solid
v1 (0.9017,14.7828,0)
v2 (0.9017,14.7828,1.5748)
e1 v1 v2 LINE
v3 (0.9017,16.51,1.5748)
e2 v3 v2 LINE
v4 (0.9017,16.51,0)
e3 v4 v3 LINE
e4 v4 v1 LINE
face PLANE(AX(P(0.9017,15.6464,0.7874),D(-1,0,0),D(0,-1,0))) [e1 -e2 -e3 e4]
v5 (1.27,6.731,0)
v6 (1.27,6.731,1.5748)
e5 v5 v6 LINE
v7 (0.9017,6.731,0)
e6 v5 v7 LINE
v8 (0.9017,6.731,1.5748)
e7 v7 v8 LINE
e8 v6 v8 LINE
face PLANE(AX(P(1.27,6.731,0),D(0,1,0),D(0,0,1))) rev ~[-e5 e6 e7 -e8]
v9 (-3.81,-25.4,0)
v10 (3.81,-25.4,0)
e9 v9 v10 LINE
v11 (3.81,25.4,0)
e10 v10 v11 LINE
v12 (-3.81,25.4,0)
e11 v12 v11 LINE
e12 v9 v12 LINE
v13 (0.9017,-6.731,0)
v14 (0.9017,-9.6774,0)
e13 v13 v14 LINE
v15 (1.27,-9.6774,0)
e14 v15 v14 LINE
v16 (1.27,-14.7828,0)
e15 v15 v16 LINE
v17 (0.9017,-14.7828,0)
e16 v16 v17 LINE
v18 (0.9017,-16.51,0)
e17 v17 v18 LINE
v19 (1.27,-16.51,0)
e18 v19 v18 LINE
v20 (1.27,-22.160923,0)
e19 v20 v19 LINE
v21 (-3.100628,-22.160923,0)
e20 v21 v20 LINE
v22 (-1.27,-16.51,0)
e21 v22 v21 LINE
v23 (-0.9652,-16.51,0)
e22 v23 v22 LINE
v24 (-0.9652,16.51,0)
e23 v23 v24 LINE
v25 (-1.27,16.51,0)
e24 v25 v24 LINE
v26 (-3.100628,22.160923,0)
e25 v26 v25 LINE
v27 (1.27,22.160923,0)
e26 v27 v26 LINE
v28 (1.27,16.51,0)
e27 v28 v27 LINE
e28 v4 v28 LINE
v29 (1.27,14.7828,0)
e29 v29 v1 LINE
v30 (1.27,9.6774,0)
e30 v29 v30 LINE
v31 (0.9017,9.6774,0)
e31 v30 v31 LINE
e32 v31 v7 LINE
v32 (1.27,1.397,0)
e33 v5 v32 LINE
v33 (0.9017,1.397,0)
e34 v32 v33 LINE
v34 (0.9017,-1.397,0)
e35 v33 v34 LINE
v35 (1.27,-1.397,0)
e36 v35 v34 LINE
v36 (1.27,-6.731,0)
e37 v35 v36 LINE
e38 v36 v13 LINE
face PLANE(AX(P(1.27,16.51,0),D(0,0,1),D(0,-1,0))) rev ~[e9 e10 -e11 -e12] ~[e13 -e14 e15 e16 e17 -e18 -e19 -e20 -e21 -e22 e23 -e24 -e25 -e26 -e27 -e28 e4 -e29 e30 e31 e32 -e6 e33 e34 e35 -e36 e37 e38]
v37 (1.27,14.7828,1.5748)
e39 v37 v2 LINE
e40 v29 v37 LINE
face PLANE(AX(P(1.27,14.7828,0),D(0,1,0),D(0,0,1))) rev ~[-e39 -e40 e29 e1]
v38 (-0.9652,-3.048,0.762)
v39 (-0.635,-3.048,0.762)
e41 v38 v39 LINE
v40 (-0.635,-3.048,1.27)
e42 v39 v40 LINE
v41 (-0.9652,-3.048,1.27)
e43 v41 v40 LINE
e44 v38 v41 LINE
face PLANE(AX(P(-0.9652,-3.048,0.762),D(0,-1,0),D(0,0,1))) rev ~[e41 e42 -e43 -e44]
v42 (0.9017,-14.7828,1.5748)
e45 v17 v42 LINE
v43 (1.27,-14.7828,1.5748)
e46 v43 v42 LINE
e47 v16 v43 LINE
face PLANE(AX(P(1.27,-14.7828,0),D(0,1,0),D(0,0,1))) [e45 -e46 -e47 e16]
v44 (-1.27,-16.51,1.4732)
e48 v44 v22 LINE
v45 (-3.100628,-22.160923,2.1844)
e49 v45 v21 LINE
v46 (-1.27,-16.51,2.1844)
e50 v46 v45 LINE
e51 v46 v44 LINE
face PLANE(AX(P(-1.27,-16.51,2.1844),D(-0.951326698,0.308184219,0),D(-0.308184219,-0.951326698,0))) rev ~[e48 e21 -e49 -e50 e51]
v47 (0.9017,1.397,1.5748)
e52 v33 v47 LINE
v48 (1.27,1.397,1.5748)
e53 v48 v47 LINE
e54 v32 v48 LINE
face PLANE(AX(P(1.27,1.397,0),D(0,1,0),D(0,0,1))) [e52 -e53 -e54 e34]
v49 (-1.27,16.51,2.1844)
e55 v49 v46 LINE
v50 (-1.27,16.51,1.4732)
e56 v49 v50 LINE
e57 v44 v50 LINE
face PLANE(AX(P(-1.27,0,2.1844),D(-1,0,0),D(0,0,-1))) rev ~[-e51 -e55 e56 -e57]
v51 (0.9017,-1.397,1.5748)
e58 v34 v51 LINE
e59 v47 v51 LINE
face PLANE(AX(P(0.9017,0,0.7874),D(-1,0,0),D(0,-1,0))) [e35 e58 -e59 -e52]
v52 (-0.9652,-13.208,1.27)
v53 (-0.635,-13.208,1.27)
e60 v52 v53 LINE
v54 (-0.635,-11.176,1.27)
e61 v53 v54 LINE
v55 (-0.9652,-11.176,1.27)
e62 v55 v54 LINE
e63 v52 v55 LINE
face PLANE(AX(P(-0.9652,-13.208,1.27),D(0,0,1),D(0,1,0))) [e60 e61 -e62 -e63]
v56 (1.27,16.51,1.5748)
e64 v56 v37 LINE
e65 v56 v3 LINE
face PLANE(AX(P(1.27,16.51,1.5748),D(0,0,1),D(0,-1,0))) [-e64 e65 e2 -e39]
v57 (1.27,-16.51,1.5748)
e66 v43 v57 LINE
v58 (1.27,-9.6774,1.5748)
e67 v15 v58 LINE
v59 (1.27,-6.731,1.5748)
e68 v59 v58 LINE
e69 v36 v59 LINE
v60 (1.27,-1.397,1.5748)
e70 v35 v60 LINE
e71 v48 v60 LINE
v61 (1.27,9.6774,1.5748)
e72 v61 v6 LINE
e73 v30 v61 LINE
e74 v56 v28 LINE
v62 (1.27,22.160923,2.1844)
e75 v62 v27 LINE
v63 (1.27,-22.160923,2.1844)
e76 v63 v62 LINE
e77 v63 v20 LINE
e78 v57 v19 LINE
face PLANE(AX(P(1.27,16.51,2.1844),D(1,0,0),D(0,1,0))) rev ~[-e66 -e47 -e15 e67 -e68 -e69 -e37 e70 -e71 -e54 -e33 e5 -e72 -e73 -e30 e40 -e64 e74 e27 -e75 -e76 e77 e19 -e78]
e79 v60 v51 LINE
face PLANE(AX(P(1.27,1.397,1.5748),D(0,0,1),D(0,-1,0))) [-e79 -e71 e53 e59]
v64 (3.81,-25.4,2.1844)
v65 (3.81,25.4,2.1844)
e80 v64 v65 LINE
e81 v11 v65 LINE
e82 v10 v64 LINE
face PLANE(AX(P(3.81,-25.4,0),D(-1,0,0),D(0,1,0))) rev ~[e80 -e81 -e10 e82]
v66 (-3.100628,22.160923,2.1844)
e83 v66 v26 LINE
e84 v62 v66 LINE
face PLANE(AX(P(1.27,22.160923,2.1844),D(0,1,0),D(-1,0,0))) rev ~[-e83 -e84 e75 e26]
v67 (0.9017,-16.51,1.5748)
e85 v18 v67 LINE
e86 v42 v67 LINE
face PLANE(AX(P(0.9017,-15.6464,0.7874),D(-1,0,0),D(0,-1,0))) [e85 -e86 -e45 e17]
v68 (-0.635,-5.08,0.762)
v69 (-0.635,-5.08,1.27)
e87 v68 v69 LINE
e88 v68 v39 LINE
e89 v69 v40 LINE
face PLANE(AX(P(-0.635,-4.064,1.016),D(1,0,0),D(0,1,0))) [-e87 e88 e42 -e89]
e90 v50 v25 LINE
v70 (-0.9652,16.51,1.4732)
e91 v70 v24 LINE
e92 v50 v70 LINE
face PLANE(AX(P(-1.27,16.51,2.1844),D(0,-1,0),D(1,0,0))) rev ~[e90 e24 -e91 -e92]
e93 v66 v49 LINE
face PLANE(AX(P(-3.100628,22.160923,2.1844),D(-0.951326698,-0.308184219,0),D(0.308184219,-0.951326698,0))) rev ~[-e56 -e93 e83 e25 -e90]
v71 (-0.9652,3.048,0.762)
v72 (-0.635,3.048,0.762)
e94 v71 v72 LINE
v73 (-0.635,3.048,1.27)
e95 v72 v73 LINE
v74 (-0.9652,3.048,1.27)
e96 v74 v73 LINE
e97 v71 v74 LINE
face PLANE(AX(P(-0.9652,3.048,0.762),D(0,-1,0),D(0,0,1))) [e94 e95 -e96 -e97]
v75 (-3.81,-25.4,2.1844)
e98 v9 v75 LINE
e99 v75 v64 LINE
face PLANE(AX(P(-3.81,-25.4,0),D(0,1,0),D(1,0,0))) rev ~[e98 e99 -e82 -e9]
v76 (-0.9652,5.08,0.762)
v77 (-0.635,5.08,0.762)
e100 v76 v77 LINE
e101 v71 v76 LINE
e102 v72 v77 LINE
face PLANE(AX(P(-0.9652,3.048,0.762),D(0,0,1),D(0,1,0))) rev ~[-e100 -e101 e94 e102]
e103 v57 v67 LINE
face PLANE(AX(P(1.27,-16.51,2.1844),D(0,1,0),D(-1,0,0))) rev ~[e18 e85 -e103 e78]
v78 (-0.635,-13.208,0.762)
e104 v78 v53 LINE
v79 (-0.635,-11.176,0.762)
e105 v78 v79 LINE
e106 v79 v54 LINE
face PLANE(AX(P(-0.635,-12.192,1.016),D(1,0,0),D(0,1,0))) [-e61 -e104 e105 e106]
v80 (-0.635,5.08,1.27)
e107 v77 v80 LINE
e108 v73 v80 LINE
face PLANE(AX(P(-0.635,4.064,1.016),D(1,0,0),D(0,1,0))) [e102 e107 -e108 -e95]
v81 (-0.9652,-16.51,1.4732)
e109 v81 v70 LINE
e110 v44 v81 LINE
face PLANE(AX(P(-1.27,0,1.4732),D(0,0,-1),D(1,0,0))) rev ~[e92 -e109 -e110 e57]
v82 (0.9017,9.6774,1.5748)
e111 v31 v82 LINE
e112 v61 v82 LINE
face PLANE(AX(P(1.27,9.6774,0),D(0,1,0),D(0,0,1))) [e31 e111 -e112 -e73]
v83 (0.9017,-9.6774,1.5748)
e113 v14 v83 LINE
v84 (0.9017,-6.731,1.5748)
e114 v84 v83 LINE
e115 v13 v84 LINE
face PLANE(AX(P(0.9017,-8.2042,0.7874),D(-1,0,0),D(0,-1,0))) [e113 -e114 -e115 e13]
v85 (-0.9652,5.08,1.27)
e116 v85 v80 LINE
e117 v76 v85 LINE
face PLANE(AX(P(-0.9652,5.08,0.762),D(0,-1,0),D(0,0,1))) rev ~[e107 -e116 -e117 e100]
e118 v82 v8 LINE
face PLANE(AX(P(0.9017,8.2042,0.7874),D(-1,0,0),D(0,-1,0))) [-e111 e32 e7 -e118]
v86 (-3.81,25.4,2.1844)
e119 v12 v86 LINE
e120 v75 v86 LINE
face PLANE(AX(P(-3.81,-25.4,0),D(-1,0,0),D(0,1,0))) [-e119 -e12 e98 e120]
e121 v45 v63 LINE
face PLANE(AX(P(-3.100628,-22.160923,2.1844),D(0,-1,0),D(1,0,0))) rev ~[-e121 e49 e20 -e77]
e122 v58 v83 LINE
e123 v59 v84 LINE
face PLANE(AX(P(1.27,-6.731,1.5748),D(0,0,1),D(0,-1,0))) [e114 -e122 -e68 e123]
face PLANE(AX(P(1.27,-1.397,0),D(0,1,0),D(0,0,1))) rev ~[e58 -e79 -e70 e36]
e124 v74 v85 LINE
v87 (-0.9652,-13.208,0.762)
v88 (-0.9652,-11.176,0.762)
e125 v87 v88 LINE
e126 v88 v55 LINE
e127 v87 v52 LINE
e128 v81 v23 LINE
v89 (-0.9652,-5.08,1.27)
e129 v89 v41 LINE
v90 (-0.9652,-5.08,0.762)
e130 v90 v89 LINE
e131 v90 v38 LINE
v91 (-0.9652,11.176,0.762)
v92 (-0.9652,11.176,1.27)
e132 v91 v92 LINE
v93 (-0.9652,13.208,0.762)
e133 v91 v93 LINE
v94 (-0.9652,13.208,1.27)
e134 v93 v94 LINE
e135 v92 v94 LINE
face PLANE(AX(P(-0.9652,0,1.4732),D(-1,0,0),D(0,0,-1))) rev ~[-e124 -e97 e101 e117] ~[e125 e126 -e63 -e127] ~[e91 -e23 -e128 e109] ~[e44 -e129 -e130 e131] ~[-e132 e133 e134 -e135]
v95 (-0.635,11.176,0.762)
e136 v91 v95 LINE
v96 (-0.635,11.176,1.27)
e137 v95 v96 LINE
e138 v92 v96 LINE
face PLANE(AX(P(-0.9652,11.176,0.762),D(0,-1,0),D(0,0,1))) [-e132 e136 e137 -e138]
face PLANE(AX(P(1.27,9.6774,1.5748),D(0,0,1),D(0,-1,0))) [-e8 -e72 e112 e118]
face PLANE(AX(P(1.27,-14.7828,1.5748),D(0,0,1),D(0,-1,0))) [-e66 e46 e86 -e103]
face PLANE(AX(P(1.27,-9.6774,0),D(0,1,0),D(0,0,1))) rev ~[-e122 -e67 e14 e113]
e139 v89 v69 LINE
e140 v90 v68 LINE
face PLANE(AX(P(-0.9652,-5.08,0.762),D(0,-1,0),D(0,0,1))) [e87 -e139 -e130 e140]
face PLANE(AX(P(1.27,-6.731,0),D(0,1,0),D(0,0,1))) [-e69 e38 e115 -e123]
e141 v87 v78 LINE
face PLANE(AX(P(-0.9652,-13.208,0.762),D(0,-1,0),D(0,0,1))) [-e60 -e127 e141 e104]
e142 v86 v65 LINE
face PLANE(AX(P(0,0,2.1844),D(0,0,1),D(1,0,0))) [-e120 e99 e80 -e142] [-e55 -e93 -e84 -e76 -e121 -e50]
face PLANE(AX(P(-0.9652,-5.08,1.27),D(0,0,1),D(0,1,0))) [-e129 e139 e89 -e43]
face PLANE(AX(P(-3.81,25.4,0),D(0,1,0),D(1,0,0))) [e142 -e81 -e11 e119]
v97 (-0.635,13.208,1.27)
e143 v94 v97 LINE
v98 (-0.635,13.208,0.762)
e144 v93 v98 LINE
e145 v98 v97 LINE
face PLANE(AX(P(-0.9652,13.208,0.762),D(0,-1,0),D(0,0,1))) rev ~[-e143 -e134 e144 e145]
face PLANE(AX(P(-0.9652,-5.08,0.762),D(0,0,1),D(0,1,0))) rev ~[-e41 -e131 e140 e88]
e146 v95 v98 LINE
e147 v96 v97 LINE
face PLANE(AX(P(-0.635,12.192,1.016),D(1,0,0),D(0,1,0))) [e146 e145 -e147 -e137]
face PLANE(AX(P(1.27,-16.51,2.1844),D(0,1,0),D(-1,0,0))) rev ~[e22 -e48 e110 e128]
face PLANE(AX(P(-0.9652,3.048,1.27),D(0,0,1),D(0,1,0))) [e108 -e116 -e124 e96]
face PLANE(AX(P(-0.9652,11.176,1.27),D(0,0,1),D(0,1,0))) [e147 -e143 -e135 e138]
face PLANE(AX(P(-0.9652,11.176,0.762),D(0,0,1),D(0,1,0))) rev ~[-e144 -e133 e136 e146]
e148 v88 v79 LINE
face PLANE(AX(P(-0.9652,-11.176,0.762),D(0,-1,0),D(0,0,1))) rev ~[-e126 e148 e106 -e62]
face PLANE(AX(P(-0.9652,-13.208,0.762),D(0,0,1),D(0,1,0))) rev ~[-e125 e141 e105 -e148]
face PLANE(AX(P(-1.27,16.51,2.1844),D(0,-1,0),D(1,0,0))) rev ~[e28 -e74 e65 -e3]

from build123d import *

# Parameters (mm, degrees)
F0_W     = 7.62
F0_H     = 50.8
F1_DEPTH = 2.1844
F3_DEPTH = 16.51
F4_W     = 2.794
F4_H     = 1.5748
F4_W_2   = 2.9464
F4_W_3   = 1.7272
F5_DEPTH = 0.3683
F6_W     = 2.032
F6_H     = 0.508
F7_DEPTH = 0.3302
F9_DEPTH = 25.4


with BuildPart() as f1:
    # F0 (on Top) → F1 (new body)
    with BuildSketch(Plane.XY):
        Rectangle(F0_W, F0_H)
    extrude(amount=F1_DEPTH)

    # F2 (on Front) → F3 (cut, symmetric)
    with BuildSketch(Plane.XZ):
        Polygon((-0.9652, 0), (1.27, 0), (1.27, 2.1844), (-1.27, 2.1844), (-1.27, 1.4732), (-0.9652, 1.4732), align=None)
    extrude(amount=F3_DEPTH, both=True, mode=Mode.SUBTRACT)

    # F4 (on face) → F5 (join)
    with BuildSketch(Plane(origin=(1.27, 0, 0), x_dir=(0, -1, 0), z_dir=(-1, 0, 0))):
        with Locations((0, 0.7874)):
            Rectangle(F4_W, F4_H)
        with Locations((-8.2042, 0.7874)):
            Rectangle(F4_W_2, F4_H)
        with Locations((8.2042, 0.7874)):
            Rectangle(F4_W_2, F4_H)
        with Locations((-15.6464, 0.7874)):
            Rectangle(F4_W_3, F4_H)
        with Locations((15.6464, 0.7874)):
            Rectangle(F4_W_3, F4_H)
    extrude(amount=F5_DEPTH)

    # F6 (on face) → F7 (join)
    with BuildSketch(Plane.YZ.offset(-0.9652)):
        with Locations((-4.064, 1.016)):
            Rectangle(F6_W, F6_H)
        with Locations((4.064, 1.016)):
            Rectangle(F6_W, F6_H)
        with Locations((-12.192, 1.016)):
            Rectangle(F6_W, F6_H)
        with Locations((12.192, 1.016)):
            Rectangle(F6_W, F6_H)
    extrude(amount=F7_DEPTH)

    # F8 (on face) → F9 (cut)
    with BuildSketch(Plane.XY.offset(2.1844)):
        Polygon((-3.100628, 22.160923), (-1.27, 16.51), (1.27, 16.51), (1.27, 22.160923), align=None)
        Polygon((1.27, -16.51), (-1.27, -16.51), (-3.100628, -22.160923), (1.27, -22.160923), align=None)
    extrude(amount=-F9_DEPTH, mode=Mode.SUBTRACT)


with BuildPart() as f10_1:
    # F10: copy of F1
    add(f1.part.moved(Location((7.62, 0, 0))))


with BuildPart() as f11_1:
    # F11: copy of F10_1
    add(f10_1.part.moved(Location((7.62, 0, 0))))


with BuildPart() as f12_1:
    # F12: copy of F11_1
    add(f11_1.part.moved(Location((7.62, 0, 0))))


solid = f1.part
